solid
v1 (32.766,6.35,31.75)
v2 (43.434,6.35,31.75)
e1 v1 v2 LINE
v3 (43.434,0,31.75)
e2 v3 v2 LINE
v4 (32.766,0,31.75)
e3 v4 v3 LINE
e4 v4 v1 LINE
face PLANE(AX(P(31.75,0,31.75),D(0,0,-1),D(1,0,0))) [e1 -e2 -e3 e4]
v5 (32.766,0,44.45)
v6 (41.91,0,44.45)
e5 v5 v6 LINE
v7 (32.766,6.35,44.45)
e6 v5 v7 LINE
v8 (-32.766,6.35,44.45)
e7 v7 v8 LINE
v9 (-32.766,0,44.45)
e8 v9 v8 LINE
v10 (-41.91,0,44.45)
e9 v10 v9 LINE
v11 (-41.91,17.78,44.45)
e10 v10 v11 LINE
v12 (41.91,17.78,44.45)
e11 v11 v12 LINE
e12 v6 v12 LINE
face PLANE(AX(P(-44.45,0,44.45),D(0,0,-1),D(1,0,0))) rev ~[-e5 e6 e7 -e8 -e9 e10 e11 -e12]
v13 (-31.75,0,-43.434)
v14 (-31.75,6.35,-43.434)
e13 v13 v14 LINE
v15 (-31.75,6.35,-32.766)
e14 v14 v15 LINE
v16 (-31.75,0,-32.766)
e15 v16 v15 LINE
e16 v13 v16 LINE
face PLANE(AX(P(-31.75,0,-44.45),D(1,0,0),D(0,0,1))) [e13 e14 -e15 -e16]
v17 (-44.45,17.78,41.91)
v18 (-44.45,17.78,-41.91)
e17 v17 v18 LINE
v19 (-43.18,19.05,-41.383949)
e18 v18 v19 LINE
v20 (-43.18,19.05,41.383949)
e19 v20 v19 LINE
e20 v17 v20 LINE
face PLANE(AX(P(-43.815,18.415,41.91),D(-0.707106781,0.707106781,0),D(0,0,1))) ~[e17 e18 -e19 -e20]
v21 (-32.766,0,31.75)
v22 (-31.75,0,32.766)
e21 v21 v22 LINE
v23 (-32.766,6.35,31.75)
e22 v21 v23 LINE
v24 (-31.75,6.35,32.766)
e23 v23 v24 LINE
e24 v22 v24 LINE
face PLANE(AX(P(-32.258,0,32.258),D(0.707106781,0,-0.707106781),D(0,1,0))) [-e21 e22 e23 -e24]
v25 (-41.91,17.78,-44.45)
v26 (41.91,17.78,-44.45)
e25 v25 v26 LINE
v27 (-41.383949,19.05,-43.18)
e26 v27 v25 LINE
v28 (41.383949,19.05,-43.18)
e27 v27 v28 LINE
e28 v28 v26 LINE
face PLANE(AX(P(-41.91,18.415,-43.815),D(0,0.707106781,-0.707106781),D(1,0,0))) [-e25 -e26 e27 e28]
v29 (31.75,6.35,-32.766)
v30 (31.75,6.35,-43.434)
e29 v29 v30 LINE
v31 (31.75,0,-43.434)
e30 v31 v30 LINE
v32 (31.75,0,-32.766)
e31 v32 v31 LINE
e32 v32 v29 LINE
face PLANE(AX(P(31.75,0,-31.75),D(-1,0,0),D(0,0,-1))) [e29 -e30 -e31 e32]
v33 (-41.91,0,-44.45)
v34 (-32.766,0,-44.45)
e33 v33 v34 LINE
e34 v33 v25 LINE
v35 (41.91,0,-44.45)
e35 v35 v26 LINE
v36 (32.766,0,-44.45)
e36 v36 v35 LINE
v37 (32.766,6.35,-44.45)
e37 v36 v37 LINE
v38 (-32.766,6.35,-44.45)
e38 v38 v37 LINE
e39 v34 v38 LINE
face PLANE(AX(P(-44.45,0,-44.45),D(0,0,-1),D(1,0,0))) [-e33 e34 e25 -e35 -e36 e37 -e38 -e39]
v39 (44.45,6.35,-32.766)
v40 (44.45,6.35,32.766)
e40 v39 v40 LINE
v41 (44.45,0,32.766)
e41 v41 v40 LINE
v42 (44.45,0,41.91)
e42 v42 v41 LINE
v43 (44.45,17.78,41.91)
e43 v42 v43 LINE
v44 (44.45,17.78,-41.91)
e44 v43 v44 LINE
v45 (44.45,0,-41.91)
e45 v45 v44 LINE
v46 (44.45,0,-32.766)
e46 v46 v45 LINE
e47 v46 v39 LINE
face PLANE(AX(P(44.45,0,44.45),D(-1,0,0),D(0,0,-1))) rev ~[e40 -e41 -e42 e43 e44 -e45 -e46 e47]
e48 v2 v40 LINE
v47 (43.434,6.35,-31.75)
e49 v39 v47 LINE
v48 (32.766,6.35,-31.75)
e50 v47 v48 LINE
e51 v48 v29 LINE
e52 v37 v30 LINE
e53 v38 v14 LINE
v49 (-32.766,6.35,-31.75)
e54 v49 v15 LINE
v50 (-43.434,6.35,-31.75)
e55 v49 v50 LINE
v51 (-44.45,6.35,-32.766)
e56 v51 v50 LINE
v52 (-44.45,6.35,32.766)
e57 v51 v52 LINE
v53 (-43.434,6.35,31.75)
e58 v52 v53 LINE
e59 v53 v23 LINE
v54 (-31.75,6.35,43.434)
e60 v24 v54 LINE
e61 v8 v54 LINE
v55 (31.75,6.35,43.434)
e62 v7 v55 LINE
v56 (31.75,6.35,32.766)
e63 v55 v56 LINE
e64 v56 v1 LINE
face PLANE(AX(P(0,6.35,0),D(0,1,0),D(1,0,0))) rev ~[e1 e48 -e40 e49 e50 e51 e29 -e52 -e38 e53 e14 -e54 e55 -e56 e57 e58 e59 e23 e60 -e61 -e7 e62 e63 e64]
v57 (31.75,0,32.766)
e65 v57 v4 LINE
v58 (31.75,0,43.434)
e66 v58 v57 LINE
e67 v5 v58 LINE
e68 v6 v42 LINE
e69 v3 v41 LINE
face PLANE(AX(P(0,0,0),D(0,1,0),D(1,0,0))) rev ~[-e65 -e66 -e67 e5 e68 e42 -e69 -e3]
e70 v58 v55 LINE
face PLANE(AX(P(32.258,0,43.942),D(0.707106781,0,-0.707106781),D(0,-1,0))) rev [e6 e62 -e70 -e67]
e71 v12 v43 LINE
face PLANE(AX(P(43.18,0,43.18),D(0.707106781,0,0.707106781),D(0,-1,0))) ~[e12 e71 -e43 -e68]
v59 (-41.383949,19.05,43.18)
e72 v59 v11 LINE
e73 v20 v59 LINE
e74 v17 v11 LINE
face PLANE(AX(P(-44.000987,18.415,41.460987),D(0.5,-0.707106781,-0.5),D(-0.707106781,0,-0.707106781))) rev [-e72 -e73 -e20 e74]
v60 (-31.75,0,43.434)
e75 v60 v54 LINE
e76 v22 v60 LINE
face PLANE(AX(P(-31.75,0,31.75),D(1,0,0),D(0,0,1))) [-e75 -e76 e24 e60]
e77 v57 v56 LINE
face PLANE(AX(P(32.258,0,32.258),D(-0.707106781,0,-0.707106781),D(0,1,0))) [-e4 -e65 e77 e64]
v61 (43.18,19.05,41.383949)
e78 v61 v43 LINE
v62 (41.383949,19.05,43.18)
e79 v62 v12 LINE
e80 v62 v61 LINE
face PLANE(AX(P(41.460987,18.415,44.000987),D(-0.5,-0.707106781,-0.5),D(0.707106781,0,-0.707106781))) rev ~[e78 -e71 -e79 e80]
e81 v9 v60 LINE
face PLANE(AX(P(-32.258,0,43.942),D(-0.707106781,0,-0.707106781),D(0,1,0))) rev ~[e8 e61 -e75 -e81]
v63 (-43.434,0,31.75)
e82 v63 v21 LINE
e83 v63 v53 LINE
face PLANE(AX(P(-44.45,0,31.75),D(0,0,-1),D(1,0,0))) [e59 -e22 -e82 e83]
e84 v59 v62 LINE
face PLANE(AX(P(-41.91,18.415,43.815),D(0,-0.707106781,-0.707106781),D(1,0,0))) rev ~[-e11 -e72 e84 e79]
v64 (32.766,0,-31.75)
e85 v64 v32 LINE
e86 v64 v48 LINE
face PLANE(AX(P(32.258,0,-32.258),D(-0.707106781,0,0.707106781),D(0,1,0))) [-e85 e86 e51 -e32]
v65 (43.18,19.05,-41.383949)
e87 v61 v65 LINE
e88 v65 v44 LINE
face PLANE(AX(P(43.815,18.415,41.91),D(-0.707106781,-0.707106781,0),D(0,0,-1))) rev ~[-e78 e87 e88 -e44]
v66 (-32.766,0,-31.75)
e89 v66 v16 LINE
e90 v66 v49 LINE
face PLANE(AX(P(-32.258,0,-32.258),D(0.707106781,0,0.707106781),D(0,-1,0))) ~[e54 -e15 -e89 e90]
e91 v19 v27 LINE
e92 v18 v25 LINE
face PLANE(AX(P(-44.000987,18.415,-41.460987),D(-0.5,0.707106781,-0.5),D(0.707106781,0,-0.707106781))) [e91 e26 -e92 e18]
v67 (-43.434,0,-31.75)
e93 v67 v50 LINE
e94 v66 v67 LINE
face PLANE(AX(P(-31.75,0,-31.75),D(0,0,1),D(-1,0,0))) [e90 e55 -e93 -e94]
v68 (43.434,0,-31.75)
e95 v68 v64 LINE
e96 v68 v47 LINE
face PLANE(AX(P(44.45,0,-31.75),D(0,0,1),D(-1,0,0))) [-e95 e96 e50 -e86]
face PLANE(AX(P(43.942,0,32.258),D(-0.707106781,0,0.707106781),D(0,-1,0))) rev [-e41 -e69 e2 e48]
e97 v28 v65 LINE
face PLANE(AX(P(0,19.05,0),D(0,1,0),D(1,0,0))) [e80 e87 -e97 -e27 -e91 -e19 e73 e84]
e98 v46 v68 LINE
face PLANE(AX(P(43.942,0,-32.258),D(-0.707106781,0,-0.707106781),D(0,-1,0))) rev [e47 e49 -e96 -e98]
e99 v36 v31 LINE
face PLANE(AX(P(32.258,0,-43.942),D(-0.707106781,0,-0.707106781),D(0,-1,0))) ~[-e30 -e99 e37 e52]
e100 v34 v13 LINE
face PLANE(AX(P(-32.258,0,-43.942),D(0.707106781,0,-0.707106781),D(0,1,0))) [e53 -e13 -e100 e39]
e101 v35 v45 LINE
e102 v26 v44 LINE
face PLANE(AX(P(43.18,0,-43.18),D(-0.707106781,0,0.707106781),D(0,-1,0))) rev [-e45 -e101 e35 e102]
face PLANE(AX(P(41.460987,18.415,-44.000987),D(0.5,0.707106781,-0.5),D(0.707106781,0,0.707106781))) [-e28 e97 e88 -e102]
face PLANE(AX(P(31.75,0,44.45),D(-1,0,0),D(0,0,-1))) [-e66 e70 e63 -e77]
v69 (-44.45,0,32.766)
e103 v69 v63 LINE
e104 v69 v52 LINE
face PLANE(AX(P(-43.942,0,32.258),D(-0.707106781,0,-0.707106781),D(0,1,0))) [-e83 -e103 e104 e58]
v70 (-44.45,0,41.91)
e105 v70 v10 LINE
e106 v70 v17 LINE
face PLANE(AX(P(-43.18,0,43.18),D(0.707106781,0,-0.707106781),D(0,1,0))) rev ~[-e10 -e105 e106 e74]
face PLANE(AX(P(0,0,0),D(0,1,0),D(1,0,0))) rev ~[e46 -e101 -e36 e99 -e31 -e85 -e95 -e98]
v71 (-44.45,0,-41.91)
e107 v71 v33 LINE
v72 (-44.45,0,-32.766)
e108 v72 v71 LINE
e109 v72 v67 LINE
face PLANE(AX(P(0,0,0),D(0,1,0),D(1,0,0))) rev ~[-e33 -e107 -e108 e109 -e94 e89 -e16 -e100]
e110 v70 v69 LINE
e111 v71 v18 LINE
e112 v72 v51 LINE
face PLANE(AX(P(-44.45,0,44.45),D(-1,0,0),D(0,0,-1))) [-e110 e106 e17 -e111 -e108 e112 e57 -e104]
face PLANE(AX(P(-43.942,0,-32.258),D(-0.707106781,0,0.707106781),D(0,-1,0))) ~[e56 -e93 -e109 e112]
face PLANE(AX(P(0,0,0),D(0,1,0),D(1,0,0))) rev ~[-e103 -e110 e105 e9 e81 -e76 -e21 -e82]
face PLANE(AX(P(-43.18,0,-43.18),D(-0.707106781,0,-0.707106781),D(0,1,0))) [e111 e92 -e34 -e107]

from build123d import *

# Parameters (mm, degrees)
SKETCH1_W           = 88.9
SKETCH1_H           = 88.9
BOSS_EXTRUDE1_DEPTH = 19.05
CUT_EXTRUDE1_DEPTH  = 6.35
LEGS_OUTER_SIZE     = 2.54
TOP_FACE_SIZE       = 1.27
LEGS_INNER_SIZE     = 1.016


with BuildPart() as part:
    # Sketch1 → Boss-Extrude1 (new body)
    with BuildSketch(Plane(origin=(0, 0, 0), x_dir=(1, 0, 0), z_dir=(0, 1, 0))):
        Rectangle(SKETCH1_W, SKETCH1_H)
    extrude(amount=BOSS_EXTRUDE1_DEPTH)

    # Sketch1<3> → Cut-Extrude1 (cut)
    with BuildSketch(Plane(origin=(0, 0, 0), x_dir=(1, 0, 0), z_dir=(0, 1, 0))):
        Polygon((-44.45, -31.75), (-31.75, -31.75), (-31.75, -44.45), (31.75, -44.45), (31.75, -31.75), (44.45, -31.75), (44.45, 31.75), (31.75, 31.75), (31.75, 44.45), (-31.75, 44.45), (-31.75, 31.75), (-44.45, 31.75), align=None)
    extrude(amount=CUT_EXTRUDE1_DEPTH, mode=Mode.SUBTRACT)

    # legs, outer
    legs_outer_edges = [part.edges().sort_by_distance(p)[0] for p in [
        (-44.45, 9.525, 44.45),
        (44.45, 9.525, 44.45),
        (44.45, 9.525, -44.45),
        (-44.45, 9.525, -44.45),
    ]]
    chamfer(legs_outer_edges, length=LEGS_OUTER_SIZE)

    # top face
    top_face_edges = [part.edges().sort_by_distance(p)[0] for p in [
        (0, 19.05, -44.45),
        (44.45, 19.05, 0),
        (-44.45, 19.05, 0),
        (0, 19.05, 44.45),
        (-43.18, 19.05, -43.18),
        (-43.18, 19.05, 43.18),
        (43.18, 19.05, 43.18),
        (43.18, 19.05, -43.18),
    ]]
    chamfer(top_face_edges, length=TOP_FACE_SIZE)

    # legs, inner
    legs_inner_edges = [part.edges().sort_by_distance(p)[0] for p in [
        (-44.45, 3.175, 31.75),
        (-44.45, 3.175, -31.75),
        (-31.75, 3.175, -31.75),
        (-31.75, 3.175, -44.45),
        (31.75, 3.175, -44.45),
        (31.75, 3.175, -31.75),
        (44.45, 3.175, -31.75),
        (44.45, 3.175, 31.75),
        (31.75, 3.175, 31.75),
        (31.75, 3.175, 44.45),
        (-31.75, 3.175, 44.45),
        (-31.75, 3.175, 31.75),
    ]]
    chamfer(legs_inner_edges, length=LEGS_INNER_SIZE)


solid = part.part
